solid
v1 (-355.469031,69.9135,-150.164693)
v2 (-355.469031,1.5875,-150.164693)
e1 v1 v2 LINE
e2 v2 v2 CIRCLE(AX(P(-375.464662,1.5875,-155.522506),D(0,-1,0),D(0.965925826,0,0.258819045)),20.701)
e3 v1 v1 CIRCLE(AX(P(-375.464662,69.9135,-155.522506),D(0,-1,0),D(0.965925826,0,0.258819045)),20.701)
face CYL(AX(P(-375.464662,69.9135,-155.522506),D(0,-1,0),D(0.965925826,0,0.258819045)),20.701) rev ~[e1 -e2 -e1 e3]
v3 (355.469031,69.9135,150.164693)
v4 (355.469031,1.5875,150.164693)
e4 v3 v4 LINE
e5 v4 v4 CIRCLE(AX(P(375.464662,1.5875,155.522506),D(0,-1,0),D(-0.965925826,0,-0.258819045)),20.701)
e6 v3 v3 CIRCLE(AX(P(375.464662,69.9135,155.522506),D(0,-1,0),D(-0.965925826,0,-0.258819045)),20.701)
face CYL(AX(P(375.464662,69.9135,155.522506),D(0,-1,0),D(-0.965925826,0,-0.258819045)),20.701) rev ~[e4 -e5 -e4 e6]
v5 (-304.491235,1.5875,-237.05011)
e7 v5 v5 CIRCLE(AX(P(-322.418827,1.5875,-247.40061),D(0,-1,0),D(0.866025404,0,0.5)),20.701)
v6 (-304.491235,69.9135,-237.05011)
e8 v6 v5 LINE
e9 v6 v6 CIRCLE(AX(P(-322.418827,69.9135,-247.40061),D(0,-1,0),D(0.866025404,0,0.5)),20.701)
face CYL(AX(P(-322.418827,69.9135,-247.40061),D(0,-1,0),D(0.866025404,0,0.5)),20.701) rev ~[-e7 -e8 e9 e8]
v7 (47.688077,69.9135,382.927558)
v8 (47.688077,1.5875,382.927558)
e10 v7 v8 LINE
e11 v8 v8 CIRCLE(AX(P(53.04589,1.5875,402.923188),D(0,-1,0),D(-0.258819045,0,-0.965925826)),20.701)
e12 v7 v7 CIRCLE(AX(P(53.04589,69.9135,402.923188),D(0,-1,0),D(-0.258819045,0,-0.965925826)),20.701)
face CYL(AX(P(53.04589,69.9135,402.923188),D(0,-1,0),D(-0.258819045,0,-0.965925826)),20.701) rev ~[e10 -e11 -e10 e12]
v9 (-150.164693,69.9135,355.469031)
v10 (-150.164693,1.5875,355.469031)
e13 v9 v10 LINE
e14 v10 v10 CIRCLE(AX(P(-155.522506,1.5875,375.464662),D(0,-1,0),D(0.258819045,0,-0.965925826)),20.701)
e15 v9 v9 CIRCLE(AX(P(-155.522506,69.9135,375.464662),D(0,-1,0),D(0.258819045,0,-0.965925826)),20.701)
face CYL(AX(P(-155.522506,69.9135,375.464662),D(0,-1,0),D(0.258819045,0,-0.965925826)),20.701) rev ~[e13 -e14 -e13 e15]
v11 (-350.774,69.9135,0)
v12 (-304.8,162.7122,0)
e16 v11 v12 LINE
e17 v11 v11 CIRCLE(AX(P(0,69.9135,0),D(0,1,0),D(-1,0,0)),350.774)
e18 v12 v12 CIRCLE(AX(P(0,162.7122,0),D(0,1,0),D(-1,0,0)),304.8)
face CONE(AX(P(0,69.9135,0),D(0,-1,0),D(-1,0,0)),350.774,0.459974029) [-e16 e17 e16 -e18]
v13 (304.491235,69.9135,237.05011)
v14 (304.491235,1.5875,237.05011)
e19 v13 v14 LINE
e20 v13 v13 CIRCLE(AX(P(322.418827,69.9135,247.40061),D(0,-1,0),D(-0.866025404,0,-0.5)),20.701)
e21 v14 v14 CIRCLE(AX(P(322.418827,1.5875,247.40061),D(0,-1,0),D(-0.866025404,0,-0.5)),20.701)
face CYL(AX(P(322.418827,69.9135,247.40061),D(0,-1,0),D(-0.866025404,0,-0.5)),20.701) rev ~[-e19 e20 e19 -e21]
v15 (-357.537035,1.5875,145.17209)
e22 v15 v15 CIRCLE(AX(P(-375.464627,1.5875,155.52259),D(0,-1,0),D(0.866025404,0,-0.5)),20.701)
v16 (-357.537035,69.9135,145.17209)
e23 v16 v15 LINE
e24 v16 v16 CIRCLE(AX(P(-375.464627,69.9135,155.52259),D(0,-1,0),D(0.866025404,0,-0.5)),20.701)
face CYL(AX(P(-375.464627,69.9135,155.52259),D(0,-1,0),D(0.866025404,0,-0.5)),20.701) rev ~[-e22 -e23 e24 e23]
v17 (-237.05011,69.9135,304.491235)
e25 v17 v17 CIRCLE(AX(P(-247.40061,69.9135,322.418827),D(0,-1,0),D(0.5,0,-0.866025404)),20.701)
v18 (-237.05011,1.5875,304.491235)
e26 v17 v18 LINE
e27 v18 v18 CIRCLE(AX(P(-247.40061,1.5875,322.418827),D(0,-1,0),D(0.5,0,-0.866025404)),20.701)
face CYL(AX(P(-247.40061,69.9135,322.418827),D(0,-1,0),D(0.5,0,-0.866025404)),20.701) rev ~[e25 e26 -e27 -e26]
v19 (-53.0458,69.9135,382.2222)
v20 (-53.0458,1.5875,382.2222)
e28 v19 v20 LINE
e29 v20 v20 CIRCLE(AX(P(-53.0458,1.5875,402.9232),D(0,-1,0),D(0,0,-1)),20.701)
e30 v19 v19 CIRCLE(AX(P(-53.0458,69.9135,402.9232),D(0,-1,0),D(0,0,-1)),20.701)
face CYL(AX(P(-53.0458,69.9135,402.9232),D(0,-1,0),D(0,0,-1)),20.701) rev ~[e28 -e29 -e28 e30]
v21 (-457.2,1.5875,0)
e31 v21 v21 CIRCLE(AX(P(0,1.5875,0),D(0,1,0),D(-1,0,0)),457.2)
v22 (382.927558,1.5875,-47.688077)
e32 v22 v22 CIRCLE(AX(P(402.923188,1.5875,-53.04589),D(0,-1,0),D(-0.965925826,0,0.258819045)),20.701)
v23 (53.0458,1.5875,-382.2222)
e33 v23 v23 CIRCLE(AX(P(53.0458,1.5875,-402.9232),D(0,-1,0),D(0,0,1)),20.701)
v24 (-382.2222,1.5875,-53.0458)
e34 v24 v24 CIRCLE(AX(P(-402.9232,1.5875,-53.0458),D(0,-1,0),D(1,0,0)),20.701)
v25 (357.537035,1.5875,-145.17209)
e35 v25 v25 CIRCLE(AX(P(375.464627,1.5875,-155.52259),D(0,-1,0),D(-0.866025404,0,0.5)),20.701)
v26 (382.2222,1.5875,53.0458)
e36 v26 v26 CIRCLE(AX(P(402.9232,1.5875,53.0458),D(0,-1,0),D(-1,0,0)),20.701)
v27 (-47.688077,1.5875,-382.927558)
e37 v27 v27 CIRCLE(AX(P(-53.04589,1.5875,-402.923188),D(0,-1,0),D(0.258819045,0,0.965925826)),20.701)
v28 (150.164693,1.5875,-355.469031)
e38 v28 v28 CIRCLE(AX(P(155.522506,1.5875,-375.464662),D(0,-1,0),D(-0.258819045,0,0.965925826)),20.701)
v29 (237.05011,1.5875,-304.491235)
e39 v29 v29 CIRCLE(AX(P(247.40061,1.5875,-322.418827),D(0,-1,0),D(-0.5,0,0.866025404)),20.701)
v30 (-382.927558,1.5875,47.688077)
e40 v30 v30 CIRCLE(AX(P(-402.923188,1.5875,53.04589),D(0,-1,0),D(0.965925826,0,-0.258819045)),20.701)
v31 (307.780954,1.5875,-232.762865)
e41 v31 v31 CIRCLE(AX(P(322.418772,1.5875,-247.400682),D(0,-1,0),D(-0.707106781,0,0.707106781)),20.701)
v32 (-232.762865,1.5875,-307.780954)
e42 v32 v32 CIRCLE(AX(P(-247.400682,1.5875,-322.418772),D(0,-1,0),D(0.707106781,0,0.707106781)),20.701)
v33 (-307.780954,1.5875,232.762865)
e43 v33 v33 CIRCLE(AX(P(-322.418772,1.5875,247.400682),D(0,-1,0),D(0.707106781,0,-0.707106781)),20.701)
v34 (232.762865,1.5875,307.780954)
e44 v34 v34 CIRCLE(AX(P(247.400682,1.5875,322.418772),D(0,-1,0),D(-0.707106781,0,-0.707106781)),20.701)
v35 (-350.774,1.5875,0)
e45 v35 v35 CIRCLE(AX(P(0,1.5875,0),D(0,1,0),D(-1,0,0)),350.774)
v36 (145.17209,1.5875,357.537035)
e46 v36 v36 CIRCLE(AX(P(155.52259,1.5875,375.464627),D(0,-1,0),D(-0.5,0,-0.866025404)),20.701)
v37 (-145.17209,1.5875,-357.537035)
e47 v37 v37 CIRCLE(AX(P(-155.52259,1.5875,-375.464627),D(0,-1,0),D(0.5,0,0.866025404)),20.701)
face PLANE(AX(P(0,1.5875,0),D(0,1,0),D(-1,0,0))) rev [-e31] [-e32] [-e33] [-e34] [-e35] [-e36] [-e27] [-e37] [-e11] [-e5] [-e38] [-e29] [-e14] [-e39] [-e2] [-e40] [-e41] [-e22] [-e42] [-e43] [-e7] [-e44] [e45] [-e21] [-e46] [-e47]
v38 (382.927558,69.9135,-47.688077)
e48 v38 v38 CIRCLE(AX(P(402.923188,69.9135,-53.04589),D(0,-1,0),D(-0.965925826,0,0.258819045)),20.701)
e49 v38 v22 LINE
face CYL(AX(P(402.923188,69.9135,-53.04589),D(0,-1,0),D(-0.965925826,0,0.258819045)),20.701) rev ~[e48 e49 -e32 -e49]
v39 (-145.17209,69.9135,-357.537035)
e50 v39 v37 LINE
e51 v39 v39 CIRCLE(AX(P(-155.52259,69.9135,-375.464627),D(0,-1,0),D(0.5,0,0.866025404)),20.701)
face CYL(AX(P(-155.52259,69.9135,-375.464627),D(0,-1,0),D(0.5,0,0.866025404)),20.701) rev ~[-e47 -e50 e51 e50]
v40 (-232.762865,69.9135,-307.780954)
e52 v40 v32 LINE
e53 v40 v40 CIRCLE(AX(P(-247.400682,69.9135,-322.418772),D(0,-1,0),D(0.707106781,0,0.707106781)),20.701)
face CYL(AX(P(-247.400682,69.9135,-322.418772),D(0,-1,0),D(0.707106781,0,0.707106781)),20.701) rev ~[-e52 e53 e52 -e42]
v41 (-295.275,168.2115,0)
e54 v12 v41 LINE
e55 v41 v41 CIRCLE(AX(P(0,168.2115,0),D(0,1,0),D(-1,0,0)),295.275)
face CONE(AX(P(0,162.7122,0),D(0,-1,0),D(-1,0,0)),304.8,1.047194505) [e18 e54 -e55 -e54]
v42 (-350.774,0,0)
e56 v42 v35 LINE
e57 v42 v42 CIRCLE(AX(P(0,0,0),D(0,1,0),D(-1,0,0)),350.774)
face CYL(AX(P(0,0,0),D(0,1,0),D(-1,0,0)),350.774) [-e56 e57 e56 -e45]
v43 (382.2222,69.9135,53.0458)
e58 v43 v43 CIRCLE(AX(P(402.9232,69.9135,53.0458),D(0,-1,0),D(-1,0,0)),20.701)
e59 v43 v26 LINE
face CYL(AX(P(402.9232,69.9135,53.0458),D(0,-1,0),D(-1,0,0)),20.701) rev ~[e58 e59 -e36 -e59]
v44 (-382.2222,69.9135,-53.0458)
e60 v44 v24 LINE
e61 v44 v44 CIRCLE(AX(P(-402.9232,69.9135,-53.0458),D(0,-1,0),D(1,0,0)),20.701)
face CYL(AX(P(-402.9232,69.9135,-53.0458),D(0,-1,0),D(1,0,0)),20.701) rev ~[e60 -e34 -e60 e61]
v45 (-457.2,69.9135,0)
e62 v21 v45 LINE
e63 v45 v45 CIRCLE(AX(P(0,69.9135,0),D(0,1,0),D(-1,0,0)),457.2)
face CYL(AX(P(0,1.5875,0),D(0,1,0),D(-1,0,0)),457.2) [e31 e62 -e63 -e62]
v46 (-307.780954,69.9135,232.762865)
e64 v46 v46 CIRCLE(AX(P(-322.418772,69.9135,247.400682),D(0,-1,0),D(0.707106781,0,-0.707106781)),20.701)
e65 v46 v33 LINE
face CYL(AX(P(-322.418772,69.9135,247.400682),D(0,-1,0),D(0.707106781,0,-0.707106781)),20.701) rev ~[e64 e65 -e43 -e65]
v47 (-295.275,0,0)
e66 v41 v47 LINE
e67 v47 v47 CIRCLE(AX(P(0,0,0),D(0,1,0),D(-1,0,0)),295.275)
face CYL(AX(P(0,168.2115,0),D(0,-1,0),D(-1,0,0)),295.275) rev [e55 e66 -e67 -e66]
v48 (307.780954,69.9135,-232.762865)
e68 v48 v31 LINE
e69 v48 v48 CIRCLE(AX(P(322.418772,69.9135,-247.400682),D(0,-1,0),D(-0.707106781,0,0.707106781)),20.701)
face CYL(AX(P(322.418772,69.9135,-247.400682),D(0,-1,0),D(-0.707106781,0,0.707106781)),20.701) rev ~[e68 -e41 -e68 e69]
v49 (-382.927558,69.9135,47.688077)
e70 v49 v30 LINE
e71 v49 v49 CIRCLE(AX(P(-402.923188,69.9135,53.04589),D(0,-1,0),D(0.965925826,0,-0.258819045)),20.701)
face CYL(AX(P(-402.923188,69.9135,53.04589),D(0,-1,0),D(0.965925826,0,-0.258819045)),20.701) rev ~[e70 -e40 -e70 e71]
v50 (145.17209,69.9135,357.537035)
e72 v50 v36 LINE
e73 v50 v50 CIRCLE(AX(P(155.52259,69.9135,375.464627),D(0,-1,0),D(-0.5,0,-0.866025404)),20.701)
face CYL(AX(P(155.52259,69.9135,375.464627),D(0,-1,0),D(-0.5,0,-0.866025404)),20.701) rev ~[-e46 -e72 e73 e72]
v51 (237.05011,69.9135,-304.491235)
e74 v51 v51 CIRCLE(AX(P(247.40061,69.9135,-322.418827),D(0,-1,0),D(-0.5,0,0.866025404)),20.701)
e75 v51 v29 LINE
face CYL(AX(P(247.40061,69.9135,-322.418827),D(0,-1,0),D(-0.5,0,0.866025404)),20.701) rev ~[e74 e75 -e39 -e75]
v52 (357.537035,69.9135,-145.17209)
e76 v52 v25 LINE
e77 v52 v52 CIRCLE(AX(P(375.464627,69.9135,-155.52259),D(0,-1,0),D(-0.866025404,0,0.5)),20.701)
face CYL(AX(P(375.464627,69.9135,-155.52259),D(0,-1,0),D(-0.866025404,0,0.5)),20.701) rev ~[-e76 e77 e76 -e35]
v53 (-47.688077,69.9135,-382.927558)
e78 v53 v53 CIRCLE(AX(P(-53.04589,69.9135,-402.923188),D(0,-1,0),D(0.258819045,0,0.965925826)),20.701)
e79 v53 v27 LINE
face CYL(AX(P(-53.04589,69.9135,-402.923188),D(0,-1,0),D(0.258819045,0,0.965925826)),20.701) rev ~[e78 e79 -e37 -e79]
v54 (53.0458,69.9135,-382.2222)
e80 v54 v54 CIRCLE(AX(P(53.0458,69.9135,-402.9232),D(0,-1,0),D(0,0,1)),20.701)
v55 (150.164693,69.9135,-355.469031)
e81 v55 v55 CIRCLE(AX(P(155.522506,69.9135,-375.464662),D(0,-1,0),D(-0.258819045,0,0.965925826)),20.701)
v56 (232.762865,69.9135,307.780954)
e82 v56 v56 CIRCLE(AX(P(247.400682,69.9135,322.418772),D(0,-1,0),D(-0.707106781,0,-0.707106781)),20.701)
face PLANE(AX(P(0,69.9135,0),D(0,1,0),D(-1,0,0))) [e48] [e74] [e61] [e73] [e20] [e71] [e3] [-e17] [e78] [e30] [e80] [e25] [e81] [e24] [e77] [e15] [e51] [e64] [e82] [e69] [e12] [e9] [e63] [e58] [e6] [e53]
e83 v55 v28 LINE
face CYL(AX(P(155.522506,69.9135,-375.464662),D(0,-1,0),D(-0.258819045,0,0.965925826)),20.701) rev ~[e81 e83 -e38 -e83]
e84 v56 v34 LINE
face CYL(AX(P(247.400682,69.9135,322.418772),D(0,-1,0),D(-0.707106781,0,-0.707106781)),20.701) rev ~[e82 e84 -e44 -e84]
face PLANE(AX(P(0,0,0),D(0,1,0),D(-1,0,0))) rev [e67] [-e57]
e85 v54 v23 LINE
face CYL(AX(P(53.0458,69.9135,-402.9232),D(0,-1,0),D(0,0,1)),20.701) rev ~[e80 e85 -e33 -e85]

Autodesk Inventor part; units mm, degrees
ref_plane "YZ Plane" through (0, 0, 0) normal (1, 0, 0) x (0, 1, 0)
ref_plane "XZ Plane" through (0, 0, 0) normal (0, 1, 0) x (-1, 0, 0)
ref_plane "XY Plane" through (0, 0, 0) normal (0, 0, 1) x (1, 0, 0)
sketch "Sketch1" plane through (0, 0, 0) normal (0, 0, 1) x (1, 0, 0)
  line L0 (0, 0) -> (0, 168.2115) construction
  line L1 (-295.275, 168.2115) -> (-295.275, 0)
  line L2 (-295.275, 0) -> (-350.774, 0)
  line L3 (-350.774, 0) -> (-350.774, 1.5875)
  line L4 (-350.774, 1.5875) -> (-457.2, 1.5875)
  line L5 (-457.2, 1.5875) -> (-457.2, 69.9135)
  line L6 (-457.2, 69.9135) -> (-350.774, 69.9135)
  line L7 (-350.774, 69.9135) -> (-304.8, 162.7122)
  line L8 (-304.8, 162.7122) -> (-295.275, 168.2115)
  line L9 (-406.4, 69.9135) -> (-406.4, 1.5875) construction
  dimension "WB" = 590.55
  dimension "d1" = 1.5875
  dimension "WL" = 166.624
  dimension "Thickness" = 68.326
  dimension "R" = 701.548
  dimension "OD" = 914.4
  dimension "HB" = 701.548
  dimension "HT" = 609.6
  dimension "d8" = 60
  dimension "BC" = 812.8
revolve "Revolution1" add sketch "Sketch1" angle 360 about axis through (0, 0, 0) along (0, 1, 0)
sketch "Sketch2" plane through (0, 69.9135, 0) normal (0, 1, 0) x (1, 0, 0)
  line L0 (0, 0) -> (0, 457.2) construction
  circle A0 centre (0, 0) radius 457.2 projected
  line L1 (0, 0) -> (53.0458, 402.9232) construction
  dimension "d11" = 7.5
  dimension "d12" = 406.4
hole "Hole1" at (53.0458, 69.9135, -402.9232) direction (0, -1, 0) diameter 41.402 depth 68.326
pattern_circular "Circular Pattern1" count 24 over 360 about axis through (0, -10, 0) along (0, 1, 0) of "Hole1"
equation "\"d12\" = 0.5 * BC"
properties part number "ANSI-B300-24W"
